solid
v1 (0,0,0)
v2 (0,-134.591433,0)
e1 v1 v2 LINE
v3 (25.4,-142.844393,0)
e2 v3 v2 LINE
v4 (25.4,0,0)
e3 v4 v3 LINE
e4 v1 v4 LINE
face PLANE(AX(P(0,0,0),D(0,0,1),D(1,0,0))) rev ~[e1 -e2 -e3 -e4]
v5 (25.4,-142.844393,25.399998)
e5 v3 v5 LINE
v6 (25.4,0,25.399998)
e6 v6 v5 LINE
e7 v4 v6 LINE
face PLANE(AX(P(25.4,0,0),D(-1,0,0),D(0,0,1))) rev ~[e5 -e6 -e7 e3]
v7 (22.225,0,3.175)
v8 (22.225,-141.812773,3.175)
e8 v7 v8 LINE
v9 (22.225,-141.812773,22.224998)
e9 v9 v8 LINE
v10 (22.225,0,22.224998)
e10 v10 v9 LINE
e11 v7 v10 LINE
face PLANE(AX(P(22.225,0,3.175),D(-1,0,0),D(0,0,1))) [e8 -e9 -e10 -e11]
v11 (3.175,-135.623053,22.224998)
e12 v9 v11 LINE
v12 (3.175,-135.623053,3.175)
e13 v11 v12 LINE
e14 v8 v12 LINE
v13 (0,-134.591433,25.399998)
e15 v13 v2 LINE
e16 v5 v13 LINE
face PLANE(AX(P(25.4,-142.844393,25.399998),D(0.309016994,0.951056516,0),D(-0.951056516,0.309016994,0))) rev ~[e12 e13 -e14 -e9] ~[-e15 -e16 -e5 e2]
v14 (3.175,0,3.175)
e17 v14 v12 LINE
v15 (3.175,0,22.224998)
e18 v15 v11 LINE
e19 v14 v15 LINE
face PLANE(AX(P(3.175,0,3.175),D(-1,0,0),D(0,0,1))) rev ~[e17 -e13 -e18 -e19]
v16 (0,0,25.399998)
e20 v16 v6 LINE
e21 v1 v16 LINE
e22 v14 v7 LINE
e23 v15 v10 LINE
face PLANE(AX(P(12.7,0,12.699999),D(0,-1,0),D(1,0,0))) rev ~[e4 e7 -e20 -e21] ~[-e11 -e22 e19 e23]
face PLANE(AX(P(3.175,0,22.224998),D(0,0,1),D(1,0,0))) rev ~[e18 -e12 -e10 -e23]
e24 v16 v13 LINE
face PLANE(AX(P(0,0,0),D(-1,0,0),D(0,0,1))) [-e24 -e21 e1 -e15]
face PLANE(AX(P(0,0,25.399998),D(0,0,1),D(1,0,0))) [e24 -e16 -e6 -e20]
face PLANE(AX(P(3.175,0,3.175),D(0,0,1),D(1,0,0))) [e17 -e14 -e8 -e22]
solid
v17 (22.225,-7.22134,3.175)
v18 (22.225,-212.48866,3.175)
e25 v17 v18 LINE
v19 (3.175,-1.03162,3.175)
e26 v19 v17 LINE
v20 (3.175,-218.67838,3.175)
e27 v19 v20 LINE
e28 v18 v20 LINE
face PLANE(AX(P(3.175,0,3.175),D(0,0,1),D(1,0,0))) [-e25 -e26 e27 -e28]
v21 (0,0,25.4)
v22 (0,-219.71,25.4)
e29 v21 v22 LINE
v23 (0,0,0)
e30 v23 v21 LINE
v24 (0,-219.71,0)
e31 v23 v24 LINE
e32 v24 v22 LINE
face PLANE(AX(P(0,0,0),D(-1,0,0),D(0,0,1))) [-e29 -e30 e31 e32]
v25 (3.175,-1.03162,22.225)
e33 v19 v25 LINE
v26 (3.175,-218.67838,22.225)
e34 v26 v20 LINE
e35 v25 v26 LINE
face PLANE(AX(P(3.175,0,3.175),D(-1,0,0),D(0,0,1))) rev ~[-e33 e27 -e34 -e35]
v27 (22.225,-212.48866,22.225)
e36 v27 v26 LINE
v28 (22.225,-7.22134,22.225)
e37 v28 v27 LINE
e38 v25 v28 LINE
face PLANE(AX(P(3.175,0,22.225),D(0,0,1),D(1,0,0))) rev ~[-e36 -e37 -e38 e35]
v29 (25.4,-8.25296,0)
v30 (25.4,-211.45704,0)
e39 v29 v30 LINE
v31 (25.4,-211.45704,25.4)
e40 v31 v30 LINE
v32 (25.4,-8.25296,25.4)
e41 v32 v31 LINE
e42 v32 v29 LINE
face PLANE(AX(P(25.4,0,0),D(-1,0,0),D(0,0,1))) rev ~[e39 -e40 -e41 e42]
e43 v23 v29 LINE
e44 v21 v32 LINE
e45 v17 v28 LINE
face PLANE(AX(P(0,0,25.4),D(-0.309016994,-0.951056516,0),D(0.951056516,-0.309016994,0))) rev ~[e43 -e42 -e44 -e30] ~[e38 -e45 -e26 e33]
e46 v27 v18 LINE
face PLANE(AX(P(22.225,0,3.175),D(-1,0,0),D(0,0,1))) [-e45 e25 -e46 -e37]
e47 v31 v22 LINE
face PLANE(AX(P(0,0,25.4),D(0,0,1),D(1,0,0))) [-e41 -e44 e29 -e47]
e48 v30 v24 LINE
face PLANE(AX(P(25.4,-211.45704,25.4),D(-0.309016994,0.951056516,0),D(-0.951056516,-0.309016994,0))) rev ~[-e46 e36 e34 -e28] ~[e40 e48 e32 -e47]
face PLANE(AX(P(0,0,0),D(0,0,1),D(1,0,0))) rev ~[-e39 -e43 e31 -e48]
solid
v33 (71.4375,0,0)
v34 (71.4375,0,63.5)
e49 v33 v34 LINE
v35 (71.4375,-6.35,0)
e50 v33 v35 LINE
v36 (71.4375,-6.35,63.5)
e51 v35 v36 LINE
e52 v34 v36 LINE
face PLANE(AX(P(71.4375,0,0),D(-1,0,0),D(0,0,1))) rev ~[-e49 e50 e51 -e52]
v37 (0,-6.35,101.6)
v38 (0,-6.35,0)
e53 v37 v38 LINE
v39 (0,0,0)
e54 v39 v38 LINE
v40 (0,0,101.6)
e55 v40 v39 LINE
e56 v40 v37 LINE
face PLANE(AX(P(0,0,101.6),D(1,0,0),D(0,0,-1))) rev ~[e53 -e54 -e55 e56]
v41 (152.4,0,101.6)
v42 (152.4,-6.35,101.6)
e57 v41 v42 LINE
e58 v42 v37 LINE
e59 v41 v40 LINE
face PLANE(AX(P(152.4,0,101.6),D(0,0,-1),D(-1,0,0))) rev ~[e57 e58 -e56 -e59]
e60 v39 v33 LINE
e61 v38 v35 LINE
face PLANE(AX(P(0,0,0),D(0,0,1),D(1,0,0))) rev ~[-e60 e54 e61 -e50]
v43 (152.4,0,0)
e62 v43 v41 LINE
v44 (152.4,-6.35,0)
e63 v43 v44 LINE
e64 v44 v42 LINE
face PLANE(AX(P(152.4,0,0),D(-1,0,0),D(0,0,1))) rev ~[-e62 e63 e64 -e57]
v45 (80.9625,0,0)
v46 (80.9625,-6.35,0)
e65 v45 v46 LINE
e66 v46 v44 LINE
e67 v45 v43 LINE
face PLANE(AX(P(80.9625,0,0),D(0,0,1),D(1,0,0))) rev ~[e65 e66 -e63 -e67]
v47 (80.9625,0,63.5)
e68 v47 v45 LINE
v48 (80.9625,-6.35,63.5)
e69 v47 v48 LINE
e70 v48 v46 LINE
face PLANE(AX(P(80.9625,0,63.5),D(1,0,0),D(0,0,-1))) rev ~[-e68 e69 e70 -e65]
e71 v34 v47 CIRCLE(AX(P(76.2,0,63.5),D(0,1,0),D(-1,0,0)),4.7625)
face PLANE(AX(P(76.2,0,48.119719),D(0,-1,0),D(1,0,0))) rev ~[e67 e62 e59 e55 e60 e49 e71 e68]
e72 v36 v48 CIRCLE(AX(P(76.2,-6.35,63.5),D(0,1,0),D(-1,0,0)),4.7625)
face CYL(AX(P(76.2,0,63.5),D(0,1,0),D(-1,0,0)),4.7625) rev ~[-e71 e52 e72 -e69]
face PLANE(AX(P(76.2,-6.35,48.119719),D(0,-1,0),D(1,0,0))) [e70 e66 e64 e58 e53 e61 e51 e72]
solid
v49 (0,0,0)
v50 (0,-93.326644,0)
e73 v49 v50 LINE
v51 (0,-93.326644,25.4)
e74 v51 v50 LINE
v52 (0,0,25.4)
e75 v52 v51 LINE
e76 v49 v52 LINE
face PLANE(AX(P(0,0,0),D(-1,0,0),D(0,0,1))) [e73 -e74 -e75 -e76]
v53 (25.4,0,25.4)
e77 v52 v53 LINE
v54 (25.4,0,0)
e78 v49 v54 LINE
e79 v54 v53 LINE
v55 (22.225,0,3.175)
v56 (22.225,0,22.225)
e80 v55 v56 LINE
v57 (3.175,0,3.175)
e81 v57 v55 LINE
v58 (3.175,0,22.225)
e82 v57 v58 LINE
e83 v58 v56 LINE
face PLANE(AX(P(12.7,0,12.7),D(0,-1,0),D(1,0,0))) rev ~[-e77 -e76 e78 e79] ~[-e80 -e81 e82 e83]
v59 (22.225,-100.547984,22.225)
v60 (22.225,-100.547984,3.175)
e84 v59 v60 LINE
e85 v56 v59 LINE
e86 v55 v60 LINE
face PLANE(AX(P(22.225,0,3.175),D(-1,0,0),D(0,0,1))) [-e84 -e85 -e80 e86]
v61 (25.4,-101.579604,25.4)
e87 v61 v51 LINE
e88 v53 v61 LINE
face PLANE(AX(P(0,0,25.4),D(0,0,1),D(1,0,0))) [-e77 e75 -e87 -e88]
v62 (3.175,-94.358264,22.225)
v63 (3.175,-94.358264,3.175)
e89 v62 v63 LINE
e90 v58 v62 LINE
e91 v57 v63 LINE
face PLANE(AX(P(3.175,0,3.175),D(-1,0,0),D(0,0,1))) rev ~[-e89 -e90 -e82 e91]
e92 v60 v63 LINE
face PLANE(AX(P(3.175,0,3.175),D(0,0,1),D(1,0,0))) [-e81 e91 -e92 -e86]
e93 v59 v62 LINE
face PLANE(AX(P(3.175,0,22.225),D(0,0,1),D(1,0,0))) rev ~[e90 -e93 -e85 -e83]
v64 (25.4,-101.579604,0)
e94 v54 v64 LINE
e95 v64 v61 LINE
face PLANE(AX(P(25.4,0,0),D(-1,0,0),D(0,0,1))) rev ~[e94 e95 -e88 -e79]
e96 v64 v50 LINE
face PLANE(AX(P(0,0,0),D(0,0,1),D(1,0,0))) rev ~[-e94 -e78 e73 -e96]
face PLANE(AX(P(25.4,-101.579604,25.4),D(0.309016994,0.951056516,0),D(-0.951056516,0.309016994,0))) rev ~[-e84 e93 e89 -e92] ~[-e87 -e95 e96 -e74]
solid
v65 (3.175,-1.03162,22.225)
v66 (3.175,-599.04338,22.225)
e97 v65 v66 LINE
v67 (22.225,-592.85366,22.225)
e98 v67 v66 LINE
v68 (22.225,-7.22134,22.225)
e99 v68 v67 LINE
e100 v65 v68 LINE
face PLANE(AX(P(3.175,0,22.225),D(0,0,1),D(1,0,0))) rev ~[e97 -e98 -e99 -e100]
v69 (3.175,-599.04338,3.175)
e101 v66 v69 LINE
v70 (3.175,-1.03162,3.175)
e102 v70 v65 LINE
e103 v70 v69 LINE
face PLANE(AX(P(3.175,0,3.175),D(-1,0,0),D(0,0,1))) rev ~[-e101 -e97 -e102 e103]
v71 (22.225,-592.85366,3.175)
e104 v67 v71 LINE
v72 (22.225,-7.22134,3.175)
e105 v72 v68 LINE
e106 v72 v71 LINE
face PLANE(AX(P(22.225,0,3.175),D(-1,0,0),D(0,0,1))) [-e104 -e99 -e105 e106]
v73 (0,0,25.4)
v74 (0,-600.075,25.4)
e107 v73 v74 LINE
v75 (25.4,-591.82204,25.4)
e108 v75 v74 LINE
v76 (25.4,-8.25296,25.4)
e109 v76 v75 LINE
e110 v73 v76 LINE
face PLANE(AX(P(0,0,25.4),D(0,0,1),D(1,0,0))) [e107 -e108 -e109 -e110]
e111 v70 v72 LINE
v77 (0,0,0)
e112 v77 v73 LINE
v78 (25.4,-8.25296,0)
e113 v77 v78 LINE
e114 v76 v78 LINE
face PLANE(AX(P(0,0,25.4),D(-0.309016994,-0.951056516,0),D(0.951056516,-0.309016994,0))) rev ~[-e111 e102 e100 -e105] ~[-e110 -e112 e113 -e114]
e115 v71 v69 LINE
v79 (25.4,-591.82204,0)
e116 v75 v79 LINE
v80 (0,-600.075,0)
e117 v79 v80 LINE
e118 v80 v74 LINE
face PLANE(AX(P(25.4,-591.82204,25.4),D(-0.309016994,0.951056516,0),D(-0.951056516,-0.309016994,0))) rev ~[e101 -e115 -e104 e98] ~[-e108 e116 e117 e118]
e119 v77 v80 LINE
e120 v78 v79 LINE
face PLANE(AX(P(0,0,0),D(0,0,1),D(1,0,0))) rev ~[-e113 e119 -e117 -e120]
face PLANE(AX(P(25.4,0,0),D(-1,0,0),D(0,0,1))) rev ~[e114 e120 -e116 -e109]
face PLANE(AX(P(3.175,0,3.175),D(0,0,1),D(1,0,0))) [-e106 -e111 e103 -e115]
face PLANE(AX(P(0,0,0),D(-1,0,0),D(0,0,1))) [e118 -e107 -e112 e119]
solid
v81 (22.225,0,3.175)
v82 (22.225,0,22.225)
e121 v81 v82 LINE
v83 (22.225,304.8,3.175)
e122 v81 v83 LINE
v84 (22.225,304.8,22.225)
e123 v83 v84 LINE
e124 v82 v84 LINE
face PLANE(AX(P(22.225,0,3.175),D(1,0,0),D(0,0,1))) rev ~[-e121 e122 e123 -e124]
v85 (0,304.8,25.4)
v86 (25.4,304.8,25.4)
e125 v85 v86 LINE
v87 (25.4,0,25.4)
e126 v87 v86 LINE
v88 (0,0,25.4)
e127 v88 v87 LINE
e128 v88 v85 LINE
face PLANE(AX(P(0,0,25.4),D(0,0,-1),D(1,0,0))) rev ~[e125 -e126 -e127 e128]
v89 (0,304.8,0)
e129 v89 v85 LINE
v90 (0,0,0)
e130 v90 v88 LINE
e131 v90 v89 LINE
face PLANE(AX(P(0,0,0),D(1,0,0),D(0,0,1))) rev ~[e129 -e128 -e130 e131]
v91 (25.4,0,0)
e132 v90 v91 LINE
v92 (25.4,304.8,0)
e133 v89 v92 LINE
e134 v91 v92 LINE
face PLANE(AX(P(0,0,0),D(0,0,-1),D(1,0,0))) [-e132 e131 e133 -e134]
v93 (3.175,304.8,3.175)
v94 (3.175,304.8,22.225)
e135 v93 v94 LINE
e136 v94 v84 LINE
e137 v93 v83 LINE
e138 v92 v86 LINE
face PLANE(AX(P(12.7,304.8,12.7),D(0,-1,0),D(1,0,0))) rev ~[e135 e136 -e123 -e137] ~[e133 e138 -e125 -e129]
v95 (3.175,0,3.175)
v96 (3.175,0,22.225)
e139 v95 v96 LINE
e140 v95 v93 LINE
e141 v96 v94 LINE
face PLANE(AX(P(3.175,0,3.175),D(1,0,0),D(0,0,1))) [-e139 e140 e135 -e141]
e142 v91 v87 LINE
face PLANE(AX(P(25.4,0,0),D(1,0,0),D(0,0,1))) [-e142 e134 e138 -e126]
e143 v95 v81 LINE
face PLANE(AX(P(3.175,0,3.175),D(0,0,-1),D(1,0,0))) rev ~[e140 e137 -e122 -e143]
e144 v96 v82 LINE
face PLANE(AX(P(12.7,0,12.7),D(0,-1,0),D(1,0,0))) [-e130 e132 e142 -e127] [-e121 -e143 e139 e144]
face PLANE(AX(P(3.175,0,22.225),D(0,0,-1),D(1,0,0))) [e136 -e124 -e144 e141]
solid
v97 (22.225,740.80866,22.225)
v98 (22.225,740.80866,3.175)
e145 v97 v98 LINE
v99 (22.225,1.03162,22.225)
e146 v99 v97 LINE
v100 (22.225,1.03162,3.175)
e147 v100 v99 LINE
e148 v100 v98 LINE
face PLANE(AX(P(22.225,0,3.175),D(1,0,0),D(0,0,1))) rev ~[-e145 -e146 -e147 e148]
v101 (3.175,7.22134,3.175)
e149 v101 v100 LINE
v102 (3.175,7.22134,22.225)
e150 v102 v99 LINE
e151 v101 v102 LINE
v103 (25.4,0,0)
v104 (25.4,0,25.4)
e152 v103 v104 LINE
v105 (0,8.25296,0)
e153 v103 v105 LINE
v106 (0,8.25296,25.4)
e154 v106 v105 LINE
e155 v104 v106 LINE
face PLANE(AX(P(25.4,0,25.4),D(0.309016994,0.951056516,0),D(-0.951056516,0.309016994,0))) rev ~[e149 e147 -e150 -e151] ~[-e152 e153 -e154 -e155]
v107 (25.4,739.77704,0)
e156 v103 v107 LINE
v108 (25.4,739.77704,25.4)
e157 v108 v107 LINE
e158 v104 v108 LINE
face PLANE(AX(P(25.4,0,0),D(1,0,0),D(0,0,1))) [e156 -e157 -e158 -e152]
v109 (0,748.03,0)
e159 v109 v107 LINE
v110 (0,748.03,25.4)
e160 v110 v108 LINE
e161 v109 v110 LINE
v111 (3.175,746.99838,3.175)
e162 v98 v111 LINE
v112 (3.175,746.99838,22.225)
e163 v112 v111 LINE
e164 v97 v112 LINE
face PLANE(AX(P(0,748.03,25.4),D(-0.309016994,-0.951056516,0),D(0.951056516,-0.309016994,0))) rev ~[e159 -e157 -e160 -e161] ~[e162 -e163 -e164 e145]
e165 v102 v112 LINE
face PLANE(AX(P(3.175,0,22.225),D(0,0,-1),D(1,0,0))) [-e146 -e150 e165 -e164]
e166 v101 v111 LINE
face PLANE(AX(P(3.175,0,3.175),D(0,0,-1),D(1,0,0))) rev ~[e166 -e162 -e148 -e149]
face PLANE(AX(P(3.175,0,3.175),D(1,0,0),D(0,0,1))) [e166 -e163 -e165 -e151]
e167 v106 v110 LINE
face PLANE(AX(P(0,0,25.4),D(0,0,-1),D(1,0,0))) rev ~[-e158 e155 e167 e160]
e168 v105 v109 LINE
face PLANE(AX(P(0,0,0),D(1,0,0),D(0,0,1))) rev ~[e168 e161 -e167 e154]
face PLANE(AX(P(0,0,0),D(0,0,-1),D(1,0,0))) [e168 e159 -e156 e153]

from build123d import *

# Parameters (mm, degrees)
F0_W      = 25.4
F0_H      = 25.4
F0_W_2    = 19.05
F0_H_2    = 19.05
F1_DEPTH  = 748.03
F3_DEPTH  = 25.4
F4_W      = 25.4
F4_H      = 25.4
F4_W_2    = 19.05
F4_H_2    = 19.05
F5_DEPTH  = 219.71
F7_DEPTH  = 25.4
F8_W      = 25.4
F8_H      = 25.4
F8_W_2    = 19.05
F8_H_2    = 19.05
F9_DEPTH  = 304.8
F10_W     = 25.4
F10_H     = 25.4
F10_W_2   = 19.05
F10_H_2   = 19.05
F11_DEPTH = 600.075
F13_DEPTH = 25.4
F14_W     = 25.4
F14_H     = 25.4
F14_W_2   = 19.05
F14_H_2   = 19.05
F15_DEPTH = 101.5796038
F17_DEPTH = 25.401
F18_W     = 25.4
F18_H     = 25.3999981404
F18_W_2   = 19.05
F18_H_2   = 19.0499981404
F19_DEPTH = 142.844393
F21_DEPTH = 25.4009981404
F23_DEPTH = 6.35


with BuildPart() as f1:
    # F0 (on Front) → F1 (new body)
    with BuildSketch(Plane.XZ):
        with Locations((12.7, 12.7)):
            Rectangle(F0_W, F0_H)
        with Locations((12.7, 12.7)):
            Rectangle(F0_W_2, F0_H_2, mode=Mode.SUBTRACT)
    extrude(amount=-F1_DEPTH)

    # F2 (on face) → F3 (cut, through all)
    with BuildSketch(Plane.XY.offset(25.4)):
        Polygon((0, 8.2529602843), (0, 0), (25.4, 0), align=None)
        Polygon((25.4, 739.7770397157), (25.4, 748.03), (0, 748.03), align=None)
    extrude(amount=-F3_DEPTH, mode=Mode.SUBTRACT)


with BuildPart() as f5:
    # F4 (on Front) → F5 (new body)
    with BuildSketch(Plane.XZ):
        with Locations((12.7, 12.7)):
            Rectangle(F4_W, F4_H)
        with Locations((12.7, 12.7)):
            Rectangle(F4_W_2, F4_H_2, mode=Mode.SUBTRACT)
    extrude(amount=F5_DEPTH)

    # F6 (on face) → F7 (cut, through all)
    with BuildSketch(Plane.XY.offset(25.4)):
        Polygon((25.4, -211.4570397157), (0, -219.71), (25.4, -219.71), align=None)
        Polygon((25.4, -8.2529602843), (25.4, 0), (0, 0), align=None)
    extrude(amount=-F7_DEPTH, mode=Mode.SUBTRACT)


with BuildPart() as f9:
    # F8 (on Front) → F9 (new body)
    with BuildSketch(Plane.XZ):
        with Locations((12.7, 12.7)):
            Rectangle(F8_W, F8_H)
        with Locations((12.7, 12.7)):
            Rectangle(F8_W_2, F8_H_2, mode=Mode.SUBTRACT)
    extrude(amount=-F9_DEPTH)


with BuildPart() as f11:
    # F10 (on Front) → F11 (new body)
    with BuildSketch(Plane.XZ):
        with Locations((12.7, 12.7)):
            Rectangle(F10_W, F10_H)
        with Locations((12.7, 12.7)):
            Rectangle(F10_W_2, F10_H_2, mode=Mode.SUBTRACT)
    extrude(amount=F11_DEPTH)

    # F12 (on face) → F13 (cut, through all)
    with BuildSketch(Plane.XY.offset(25.4)):
        Polygon((25.4, 0), (0, 0), (25.4, -8.2529602843), align=None)
        Polygon((25.4, -591.8220397157), (0, -600.075), (25.4, -600.075), align=None)
    extrude(amount=-F13_DEPTH, mode=Mode.SUBTRACT)


with BuildPart() as f15:
    # F14 (on Front) → F15 (new body)
    with BuildSketch(Plane.XZ):
        with Locations((12.7, 12.7)):
            Rectangle(F14_W, F14_H)
        with Locations((12.7, 12.7)):
            Rectangle(F14_W_2, F14_H_2, mode=Mode.SUBTRACT)
    extrude(amount=F15_DEPTH)

    # F16 (on face) → F17 (cut, through all)
    with BuildSketch(Plane.XY.offset(25.4)):
        Polygon((0, -101.5796038), (25.4, -101.5796038), (0, -93.3266435157), align=None)
    extrude(amount=-F17_DEPTH, mode=Mode.SUBTRACT)


with BuildPart() as f19:
    # F18 (on Front) → F19 (new body)
    with BuildSketch(Plane.XZ):
        with Locations((12.7, 12.6999990702)):
            Rectangle(F18_W, F18_H)
        with Locations((12.7, 12.6999990702)):
            Rectangle(F18_W_2, F18_H_2, mode=Mode.SUBTRACT)
    extrude(amount=F19_DEPTH)

    # F20 (on face) → F21 (cut, through all)
    with BuildSketch(Plane.XY.offset(25.3999981404)):
        Polygon((0, -142.844393), (25.4, -142.844393), (0, -134.5914327157), align=None)
    extrude(amount=-F21_DEPTH, mode=Mode.SUBTRACT)


with BuildPart() as f23:
    # F22 (on Front) → F23 (new body)
    with BuildSketch(Plane.XZ):
        with BuildLine():
            Line((0, 101.6), (0, 0))
            Line((0, 0), (71.4375, 0))
            Line((71.4375, 0), (71.4375, 63.5))
            ThreePointArc((71.4375, 63.5), (76.2, 68.2625), (80.9625, 63.5))
            Line((80.9625, 63.5), (80.9625, 0))
            Line((80.9625, 0), (152.4, 0))
            Line((152.4, 0), (152.4, 101.6))
            Line((152.4, 101.6), (0, 101.6))
        make_face()
    extrude(amount=F23_DEPTH)


solid = Compound([f1.part, f5.part, f9.part, f11.part, f15.part, f19.part, f23.part])
